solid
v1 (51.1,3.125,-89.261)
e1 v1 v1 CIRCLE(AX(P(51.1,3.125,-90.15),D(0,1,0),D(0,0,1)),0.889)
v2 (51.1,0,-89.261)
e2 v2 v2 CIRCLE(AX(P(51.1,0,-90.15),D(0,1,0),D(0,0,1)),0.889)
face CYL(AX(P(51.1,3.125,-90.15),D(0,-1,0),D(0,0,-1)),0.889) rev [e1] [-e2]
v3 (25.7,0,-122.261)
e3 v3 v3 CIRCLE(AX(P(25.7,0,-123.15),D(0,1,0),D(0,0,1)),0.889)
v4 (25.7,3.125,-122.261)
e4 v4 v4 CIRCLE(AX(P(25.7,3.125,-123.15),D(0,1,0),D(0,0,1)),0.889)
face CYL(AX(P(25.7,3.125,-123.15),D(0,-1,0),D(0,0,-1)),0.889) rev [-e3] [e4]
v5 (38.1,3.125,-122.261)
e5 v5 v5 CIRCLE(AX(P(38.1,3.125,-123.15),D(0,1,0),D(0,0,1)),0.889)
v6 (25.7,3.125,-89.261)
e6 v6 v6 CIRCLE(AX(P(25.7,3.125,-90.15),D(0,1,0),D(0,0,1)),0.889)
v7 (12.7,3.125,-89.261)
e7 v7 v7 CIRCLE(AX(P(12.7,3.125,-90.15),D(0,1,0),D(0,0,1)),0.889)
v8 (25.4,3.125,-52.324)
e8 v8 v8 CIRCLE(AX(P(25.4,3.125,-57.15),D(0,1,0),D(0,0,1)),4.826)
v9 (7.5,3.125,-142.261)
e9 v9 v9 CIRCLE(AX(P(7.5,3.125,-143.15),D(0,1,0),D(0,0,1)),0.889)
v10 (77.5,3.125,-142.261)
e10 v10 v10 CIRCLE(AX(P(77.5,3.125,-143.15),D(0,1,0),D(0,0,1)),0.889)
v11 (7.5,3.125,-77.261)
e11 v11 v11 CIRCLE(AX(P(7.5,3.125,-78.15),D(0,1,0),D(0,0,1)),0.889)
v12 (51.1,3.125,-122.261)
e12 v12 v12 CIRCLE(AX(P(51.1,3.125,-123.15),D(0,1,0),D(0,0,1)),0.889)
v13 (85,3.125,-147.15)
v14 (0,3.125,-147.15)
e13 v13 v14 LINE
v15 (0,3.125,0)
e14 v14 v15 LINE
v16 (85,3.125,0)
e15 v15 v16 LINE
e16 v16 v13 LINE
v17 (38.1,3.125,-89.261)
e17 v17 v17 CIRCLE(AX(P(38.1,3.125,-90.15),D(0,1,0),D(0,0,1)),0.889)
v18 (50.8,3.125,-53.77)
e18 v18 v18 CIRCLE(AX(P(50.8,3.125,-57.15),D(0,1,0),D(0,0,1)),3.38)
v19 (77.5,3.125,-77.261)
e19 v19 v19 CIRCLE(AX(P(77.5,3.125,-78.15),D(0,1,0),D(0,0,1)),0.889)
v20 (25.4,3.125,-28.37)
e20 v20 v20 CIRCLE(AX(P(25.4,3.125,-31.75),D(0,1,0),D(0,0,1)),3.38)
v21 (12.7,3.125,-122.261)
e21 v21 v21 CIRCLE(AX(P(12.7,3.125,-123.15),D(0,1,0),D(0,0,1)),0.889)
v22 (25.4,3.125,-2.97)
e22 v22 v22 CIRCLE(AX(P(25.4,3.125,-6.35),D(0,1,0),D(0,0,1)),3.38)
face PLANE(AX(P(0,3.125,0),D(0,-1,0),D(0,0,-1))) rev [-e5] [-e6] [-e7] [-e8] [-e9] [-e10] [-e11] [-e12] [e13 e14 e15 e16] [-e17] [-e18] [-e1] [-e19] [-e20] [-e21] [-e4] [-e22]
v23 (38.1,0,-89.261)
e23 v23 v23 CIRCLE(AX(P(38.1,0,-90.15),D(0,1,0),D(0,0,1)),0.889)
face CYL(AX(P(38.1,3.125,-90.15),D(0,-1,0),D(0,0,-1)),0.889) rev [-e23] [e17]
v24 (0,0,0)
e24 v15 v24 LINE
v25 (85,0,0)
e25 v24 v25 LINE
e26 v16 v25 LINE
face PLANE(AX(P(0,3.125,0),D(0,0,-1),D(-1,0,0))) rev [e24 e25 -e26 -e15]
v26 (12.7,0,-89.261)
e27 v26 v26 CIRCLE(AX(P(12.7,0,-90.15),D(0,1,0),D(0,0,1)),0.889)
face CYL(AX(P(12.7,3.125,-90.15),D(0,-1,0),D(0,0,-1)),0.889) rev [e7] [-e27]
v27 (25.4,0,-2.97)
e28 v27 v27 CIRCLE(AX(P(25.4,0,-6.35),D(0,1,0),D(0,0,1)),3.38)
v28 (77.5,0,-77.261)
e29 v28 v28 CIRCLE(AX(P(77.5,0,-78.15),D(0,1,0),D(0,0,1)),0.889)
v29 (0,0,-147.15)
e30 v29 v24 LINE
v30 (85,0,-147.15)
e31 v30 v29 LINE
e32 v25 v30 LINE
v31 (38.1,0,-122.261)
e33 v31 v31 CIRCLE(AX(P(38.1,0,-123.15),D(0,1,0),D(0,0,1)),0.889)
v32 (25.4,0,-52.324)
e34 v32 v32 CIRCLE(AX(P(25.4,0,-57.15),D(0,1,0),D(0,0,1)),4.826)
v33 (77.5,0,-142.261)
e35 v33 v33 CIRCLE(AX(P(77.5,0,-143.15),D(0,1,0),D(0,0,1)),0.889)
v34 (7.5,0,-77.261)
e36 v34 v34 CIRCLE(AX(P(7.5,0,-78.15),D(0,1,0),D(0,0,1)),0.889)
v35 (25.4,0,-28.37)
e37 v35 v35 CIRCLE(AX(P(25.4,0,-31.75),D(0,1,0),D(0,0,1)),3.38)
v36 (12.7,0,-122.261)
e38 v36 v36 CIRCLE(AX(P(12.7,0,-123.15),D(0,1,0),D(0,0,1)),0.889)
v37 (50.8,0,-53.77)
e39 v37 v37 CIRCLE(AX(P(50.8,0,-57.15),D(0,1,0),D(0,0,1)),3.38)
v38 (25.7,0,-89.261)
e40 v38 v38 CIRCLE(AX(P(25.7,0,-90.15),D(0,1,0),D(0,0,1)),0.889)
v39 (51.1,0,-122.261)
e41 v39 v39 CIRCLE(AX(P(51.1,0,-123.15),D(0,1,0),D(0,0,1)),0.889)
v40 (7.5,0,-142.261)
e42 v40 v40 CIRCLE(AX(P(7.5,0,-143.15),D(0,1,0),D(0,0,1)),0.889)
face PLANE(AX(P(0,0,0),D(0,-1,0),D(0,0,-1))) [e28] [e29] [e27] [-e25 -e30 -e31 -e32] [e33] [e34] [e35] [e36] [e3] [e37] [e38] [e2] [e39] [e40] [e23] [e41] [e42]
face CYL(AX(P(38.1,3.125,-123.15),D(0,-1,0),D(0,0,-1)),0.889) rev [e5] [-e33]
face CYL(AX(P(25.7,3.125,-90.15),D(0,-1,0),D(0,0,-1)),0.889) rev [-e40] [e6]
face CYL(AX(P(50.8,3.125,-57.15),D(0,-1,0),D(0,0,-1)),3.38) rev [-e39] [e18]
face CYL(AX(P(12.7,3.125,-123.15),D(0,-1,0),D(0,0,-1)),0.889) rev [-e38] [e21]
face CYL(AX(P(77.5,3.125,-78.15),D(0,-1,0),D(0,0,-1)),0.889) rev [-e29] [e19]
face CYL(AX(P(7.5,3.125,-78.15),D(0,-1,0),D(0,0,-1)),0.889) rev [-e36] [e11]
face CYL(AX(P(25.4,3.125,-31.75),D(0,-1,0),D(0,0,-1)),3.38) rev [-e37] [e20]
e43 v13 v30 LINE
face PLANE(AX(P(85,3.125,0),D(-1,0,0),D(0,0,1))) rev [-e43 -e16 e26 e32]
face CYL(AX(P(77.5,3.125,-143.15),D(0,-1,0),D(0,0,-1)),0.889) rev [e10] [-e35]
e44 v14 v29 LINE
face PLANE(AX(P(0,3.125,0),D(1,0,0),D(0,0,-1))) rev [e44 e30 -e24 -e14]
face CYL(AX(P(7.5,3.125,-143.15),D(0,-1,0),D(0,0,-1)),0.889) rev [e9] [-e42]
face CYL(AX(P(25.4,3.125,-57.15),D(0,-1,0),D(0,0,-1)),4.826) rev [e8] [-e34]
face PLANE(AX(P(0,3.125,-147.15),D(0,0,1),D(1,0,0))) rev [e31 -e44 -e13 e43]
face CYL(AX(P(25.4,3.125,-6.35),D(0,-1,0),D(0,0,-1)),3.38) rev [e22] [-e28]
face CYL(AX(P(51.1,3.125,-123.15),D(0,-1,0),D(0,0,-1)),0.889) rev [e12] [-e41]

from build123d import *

# Parameters (mm, degrees)
SKETCH1_W           = 85
SKETCH1_H           = 147.15
SKETCH1_R           = 4.826
SKETCH1_R_2         = 3.38
SKETCH1_R_3         = 0.889
BOSS_EXTRUDE1_DEPTH = 3.125


with BuildPart() as part:
    # Sketch1 → Boss-Extrude1 (new body)
    with BuildSketch(Plane(origin=(0, 0, 0), x_dir=(1, 0, 0), z_dir=(0, 1, 0))):
        with Locations((42.5, 73.575)):
            Rectangle(SKETCH1_W, SKETCH1_H)
        with Locations(Location((25.4, 57.15, 0), (0, 0, 270))):
            Circle(SKETCH1_R, mode=Mode.SUBTRACT)
        with Locations(Location((25.4, 31.75, 0), (0, 0, 270))):
            Circle(SKETCH1_R_2, mode=Mode.SUBTRACT)
        with Locations(Location((25.4, 6.35, 0), (0, 0, 270))):
            Circle(SKETCH1_R_2, mode=Mode.SUBTRACT)
        with Locations(Location((50.8, 57.15, 0), (0, 0, 270))):
            Circle(SKETCH1_R_2, mode=Mode.SUBTRACT)
        with Locations(Location((7.5, 143.15, 0), (0, 0, 270))):
            Circle(SKETCH1_R_3, mode=Mode.SUBTRACT)
        with Locations(Location((77.5, 143.15, 0), (0, 0, 270))):
            Circle(SKETCH1_R_3, mode=Mode.SUBTRACT)
        with Locations(Location((77.5, 78.15, 0), (0, 0, 270))):
            Circle(SKETCH1_R_3, mode=Mode.SUBTRACT)
        with Locations(Location((7.5, 78.15, 0), (0, 0, 270))):
            Circle(SKETCH1_R_3, mode=Mode.SUBTRACT)
        with Locations(Location((12.7, 123.15, 0), (0, 0, 270))):
            Circle(SKETCH1_R_3, mode=Mode.SUBTRACT)
        with Locations(Location((25.7, 90.15, 0), (0, 0, 270))):
            Circle(SKETCH1_R_3, mode=Mode.SUBTRACT)
        with Locations(Location((25.7, 123.15, 0), (0, 0, 270))):
            Circle(SKETCH1_R_3, mode=Mode.SUBTRACT)
        with Locations(Location((12.7, 90.15, 0), (0, 0, 270))):
            Circle(SKETCH1_R_3, mode=Mode.SUBTRACT)
        with Locations(Location((38.1, 123.15, 0), (0, 0, 270))):
            Circle(SKETCH1_R_3, mode=Mode.SUBTRACT)
        with Locations(Location((51.1, 123.15, 0), (0, 0, 270))):
            Circle(SKETCH1_R_3, mode=Mode.SUBTRACT)
        with Locations(Location((51.1, 90.15, 0), (0, 0, 270))):
            Circle(SKETCH1_R_3, mode=Mode.SUBTRACT)
        with Locations(Location((38.1, 90.15, 0), (0, 0, 270))):
            Circle(SKETCH1_R_3, mode=Mode.SUBTRACT)
    extrude(amount=BOSS_EXTRUDE1_DEPTH)


solid = part.part
